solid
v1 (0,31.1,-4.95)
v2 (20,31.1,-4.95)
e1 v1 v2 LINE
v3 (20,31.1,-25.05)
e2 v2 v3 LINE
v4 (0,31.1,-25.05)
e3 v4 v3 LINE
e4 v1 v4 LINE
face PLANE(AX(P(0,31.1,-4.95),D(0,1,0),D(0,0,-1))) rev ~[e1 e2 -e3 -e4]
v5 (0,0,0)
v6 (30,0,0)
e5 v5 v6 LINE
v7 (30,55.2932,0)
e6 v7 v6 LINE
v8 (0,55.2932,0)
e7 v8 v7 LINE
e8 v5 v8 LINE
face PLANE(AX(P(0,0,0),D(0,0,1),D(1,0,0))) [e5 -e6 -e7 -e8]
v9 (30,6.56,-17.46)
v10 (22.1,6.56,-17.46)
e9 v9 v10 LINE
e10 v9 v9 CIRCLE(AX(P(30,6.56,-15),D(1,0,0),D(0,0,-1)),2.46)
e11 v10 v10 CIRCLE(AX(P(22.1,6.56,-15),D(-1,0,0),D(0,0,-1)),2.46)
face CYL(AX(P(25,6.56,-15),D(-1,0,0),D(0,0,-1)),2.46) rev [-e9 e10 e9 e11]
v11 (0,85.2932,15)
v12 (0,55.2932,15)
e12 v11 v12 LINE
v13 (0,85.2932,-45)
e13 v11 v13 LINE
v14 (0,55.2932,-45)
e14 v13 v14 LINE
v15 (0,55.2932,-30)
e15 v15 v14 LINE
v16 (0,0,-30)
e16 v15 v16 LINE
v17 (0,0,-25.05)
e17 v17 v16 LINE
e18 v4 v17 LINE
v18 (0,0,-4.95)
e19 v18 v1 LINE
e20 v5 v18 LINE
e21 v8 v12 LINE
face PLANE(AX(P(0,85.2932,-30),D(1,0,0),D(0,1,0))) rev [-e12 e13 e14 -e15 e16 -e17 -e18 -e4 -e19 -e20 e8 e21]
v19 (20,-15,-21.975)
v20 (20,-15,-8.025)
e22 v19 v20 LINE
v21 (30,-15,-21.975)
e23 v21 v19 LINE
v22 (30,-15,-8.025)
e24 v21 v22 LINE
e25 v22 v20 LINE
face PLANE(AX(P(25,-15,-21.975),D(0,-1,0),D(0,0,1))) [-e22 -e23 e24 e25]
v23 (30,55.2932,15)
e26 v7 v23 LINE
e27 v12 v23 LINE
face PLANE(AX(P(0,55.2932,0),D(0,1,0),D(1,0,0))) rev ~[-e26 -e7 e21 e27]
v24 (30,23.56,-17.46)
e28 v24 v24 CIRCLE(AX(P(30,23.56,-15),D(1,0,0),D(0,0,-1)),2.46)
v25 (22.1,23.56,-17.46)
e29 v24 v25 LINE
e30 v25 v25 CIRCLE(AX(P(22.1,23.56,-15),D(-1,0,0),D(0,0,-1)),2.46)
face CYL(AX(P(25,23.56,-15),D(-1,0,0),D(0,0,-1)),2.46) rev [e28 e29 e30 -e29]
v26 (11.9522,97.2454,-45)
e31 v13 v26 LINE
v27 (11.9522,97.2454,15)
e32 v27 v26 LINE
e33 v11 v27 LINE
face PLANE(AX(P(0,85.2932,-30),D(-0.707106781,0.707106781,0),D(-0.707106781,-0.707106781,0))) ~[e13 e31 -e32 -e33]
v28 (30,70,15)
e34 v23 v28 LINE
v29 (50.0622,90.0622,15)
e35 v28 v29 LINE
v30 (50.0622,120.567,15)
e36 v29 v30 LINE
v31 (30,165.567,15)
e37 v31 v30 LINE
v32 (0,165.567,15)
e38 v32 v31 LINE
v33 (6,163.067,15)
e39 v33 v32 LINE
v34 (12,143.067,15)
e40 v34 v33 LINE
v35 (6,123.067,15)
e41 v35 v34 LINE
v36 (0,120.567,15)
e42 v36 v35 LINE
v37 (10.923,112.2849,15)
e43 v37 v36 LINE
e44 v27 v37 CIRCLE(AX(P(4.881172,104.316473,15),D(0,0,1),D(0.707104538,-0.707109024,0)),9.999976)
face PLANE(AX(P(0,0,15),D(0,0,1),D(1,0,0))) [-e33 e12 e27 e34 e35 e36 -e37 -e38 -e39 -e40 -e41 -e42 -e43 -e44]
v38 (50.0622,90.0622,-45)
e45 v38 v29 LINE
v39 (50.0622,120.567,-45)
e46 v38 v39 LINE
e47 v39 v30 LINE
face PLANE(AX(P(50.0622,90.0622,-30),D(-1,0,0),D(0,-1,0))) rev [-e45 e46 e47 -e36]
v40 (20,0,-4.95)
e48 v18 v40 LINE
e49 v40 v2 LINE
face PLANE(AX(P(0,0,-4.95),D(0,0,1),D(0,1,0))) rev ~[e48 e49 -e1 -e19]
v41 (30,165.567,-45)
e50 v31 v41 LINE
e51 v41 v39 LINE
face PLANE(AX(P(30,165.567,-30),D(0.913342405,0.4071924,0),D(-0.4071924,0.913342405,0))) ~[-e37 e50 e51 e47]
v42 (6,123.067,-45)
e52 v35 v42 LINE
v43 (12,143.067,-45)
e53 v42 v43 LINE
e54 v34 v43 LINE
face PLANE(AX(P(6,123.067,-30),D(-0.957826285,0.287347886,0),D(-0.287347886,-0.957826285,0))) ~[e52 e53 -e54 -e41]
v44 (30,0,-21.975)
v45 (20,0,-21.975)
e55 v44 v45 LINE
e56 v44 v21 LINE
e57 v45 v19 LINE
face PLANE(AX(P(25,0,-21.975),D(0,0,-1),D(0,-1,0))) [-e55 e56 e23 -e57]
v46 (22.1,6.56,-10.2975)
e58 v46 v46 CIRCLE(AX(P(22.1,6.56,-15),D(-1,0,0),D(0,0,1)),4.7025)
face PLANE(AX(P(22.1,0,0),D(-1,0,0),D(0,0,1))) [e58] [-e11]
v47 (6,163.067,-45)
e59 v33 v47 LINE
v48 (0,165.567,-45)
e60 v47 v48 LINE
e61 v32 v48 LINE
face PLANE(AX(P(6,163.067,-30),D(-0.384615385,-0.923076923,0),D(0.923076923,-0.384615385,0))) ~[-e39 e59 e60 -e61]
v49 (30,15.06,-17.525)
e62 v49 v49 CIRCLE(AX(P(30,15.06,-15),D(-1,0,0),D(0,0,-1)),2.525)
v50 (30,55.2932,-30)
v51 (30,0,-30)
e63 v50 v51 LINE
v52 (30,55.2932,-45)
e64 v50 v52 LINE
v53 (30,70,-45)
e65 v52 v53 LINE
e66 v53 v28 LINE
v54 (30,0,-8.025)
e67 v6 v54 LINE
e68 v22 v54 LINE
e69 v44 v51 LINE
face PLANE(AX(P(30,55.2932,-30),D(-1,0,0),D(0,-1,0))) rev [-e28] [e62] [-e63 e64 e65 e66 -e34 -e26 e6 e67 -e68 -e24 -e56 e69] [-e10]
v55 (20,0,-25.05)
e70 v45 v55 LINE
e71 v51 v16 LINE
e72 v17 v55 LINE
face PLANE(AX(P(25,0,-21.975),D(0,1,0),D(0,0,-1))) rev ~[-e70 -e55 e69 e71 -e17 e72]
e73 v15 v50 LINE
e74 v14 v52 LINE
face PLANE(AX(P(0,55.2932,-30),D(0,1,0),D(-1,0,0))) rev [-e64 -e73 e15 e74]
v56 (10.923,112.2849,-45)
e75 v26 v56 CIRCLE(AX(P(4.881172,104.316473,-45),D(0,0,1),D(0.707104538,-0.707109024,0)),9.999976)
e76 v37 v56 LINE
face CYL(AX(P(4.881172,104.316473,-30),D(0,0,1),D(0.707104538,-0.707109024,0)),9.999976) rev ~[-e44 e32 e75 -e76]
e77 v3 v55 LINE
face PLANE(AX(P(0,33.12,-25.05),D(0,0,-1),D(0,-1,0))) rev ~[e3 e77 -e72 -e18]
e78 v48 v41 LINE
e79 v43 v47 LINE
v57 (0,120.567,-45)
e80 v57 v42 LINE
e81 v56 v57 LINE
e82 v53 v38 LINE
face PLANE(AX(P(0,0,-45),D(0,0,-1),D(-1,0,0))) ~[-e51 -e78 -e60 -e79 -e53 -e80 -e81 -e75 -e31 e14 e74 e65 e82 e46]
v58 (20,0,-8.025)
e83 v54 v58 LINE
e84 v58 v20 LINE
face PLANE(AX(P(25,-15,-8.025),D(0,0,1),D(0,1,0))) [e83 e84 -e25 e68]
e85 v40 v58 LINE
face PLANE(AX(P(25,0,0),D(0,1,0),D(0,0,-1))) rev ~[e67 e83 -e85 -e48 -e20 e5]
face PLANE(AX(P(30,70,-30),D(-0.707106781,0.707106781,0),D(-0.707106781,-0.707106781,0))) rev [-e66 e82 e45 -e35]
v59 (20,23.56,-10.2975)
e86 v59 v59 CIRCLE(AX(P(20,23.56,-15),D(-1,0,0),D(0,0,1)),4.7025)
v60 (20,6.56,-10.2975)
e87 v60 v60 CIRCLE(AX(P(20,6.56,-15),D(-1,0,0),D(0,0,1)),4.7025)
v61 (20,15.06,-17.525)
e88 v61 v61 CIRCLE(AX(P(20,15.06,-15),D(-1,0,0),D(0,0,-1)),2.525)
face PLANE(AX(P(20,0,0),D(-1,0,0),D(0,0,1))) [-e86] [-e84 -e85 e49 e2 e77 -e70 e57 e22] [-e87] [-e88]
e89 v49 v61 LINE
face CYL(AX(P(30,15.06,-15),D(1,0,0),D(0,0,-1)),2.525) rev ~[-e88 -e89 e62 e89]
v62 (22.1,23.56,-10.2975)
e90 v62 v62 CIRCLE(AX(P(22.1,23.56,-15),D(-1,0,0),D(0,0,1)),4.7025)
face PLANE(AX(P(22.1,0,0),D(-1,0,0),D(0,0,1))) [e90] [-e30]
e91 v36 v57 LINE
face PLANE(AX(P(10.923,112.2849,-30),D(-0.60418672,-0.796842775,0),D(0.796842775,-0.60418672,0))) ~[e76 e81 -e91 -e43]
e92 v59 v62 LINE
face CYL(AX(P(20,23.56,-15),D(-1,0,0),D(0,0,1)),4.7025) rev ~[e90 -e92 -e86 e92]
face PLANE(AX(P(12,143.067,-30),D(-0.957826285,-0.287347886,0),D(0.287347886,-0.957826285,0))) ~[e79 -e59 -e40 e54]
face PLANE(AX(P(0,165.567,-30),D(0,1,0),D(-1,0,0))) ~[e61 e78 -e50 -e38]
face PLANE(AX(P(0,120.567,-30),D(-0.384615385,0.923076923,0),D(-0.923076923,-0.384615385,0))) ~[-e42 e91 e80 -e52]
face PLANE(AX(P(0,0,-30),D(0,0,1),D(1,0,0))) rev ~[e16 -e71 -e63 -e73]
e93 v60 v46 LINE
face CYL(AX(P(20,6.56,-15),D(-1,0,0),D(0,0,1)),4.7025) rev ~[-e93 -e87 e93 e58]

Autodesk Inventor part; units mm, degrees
ref_plane "YZ Plane" through (0, 0, 0) normal (1, 0, 0) x (0, 1, 0)
ref_plane "XZ Plane" through (0, 0, 0) normal (0, 1, 0) x (-1, 0, 0)
sketch "Sketch1" plane through (0, 0, 0) normal (0, 0, 1) x (1, 0, 0)
  line L0 (0, 0) -> (25, 0)
  line L1 (25, 0) -> (25, 40)
  line L2 (25, 40) -> (0, 40)
  line L3 (0, 40) -> (0, 0)
  dimension "d1" = 25
  dimension "d2" = 40
  dimension "d3" = 25
extrude "Extrusion1" add sketch "Sketch1" against normal blind 30
sketch "Sketch2" plane through (25, 0, 0) normal (1, 0, 0) x (0, 0, -1)
  line L0 (0, 0) -> (30, 0) projected
  circle A0 centre (15, 6.56) radius 2.46
extrude "Extrusion2" cut sketch "Sketch2" against normal blind 30
sketch "Sketch3" plane through (0, 0, 0) normal (-1, 0, 0) x (0, 0, 1)
  line L0 (0, 0) -> (-30, 0) projected
  line L1 (-25.05, 0) -> (-4.95, 0)
  line L2 (-4.95, 0) -> (-4.95, 33.12)
  line L3 (-4.95, 33.12) -> (-25.05, 33.12)
  line L4 (-25.05, 33.12) -> (-25.05, 0)
  dimension "d11" = 20.1
extrude "Extrusion3" cut sketch "Sketch3" against normal blind 20
sketch "Sketch4" plane through (0, 0, 0) normal (0, -1, 0) x (1, 0, 0)
  line L0 (20, -4.95) -> (20, -25.05) projected
  line L1 (20, -15) -> (25, -15)
  line L2 (25, 0) -> (25, -30) projected
  line L3 (20, -8.025) -> (25, -8.025)
  line L4 (25, -8.025) -> (25, -21.975)
  line L5 (25, -21.975) -> (20, -21.975)
  line L6 (20, -21.975) -> (20, -8.025)
  line L7 (20, -8.025) -> (25, -21.975) construction
  line L8 (25, -8.025) -> (20, -21.975) construction
  line L9 (25, -12.54) -> (25, -17.46) projected
  point P0 (0, 0)
  point P1 (22.5, -15)
  dimension "d14" = 13.95
extrude "Extrusion4" add sketch "Sketch4" along normal blind 15
sketch "Sketch5" plane through (20, 0, 0) normal (-1, 0, 0) x (0, 0, 1)
  circle A0 centre (-15, 6.56) radius 2.46 projected
  circle A1 centre (-15, 6.56) radius 4.7025
  circle A2 centre (-15, 6.56) radius 2.46 projected
  circle A3 centre (-15, 6.56) radius 2.46
  point P0 (0, 0)
  dimension "d17" = 9.405
extrude "Extrusion5" cut sketch "Sketch5" against normal blind 2.1
sketch "Sketch6" plane through (25, 0, 0) normal (1, 0, 0) x (0, 0, -1)
  circle A0 centre (15, 6.56) radius 4.7025 projected
  line L0 (15, 6.56) -> (15, 23.56)
  circle A1 centre (15, 23.56) radius 2.46
  point P0 (0, 0)
  dimension "d20" = 17
  dimension "d21" = 4.92
extrude "Extrusion6" cut sketch "Sketch6" against normal blind 10 contours A1
sketch "Sketch7" plane through (20, 0, 0) normal (-1, 0, 0) x (0, 0, 1)
  circle A0 centre (-15, 23.56) radius 2.46 projected
  circle A1 centre (-15, 23.56) radius 4.7025
  point P0 (0, 0)
  dimension "d24" = 9.405
extrude "Extrusion7" cut sketch "Sketch7" against normal blind 2.1
sketch "Sketch9" plane through (25, 0, 0) normal (1, 0, 0) x (0, 0, -1)
  circle A0 centre (15, 6.56) radius 2.46 projected
  circle A1 centre (15, 6.56) radius 2.46
  circle A2 centre (15, 23.56) radius 2.46 projected
  circle A3 centre (15, 23.56) radius 2.46
  line L0 (30, 40) -> (30, 0) projected
  line L1 (30, 0) -> (30, 40)
  line L2 (30, 40) -> (0, 40)
  line L3 (0, 40) -> (0, 0)
  line L4 (0, 0) -> (8.025, 0) projected
  line L5 (21.975, 0) -> (21.975, -15)
  line L6 (21.975, -15) -> (8.025, -15)
  line L7 (8.025, -15) -> (8.025, 0)
  line L8 (0, 0) -> (8.025, 0)
  line L9 (21.975, 0) -> (30, 0)
extrude "Extrusion8" add sketch "Sketch9" along normal blind 5
sketch "Sketch10" plane through (0, 40, 0) normal (0, 1, 0) x (1, 0, 0)
  line L0 (0, 30) -> (30, 30) projected
  line L1 (30, 0) -> (0, 0) projected
  line L2 (0, 30) -> (30, 30)
  line L3 (30, 30) -> (30, 0)
  line L4 (30, 0) -> (0, 0)
  line L5 (0, 0) -> (0, 30)
extrude "Extrusion9" add sketch "Sketch10" along normal blind 30
sketch "Sketch12" plane through (30, 0, 0) normal (1, 0, 0) x (0, 0, -1)
  circle A0 centre (15, 6.56) radius 2.46 projected
  line L0 (15, 6.56) -> (15, 15.06)
  circle A1 centre (15, 15.06) radius 2.525
  point P0 (0, 0)
  dimension "d31" = 8.5
  dimension "d33" = 5.05
extrude "Extrusion10" cut sketch "Sketch12" against normal blind 30 contours A1
sketch "Sketch15" plane through (0, 0, -25.05) normal (-1, 0, 0) x (0, 0, 1)
  line L0 (0, 33.12) -> (20.1, 33.12) projected
  line L1 (20.1, 33.12) -> (20.1, 0) projected
  line L2 (0, 33.12) -> (20.1, 33.12)
  line L3 (20.1, 33.12) -> (20.1, 31.1)
  line L4 (20.1, 31.1) -> (0, 31.1)
  line L5 (0, 31.1) -> (0, 33.12)
  point P0 (25.05, 0)
  dimension "d57" = 2.02
extrude "Extrusion13" add sketch "Sketch15" against normal blind 20
sketch "Sketch17" plane through (0, 0, 0) normal (0, 0, 1) x (1, 0, 0)
  line L0 (0, 70) -> (30, 70) projected
  line L1 (30, 70) -> (50.0622, 90.0622)
  line L2 (30, 70) -> (80, 70) construction
  line L3 (11.9522, 97.2454) -> (0, 85.2932)
  line L4 (0, 70) -> (0, 85.2932)
  line L5 (0, 70) -> (0, 0) projected
  line L6 (0, 70) -> (30, 70)
  line L7 (10.923, 112.2849) -> (0, 120.567)
  line L8 (50.0622, 105.3553) -> (50.0622, 120.567)
  line L9 (50.0622, 105.3553) -> (50.0622, 90.0622)
  arc A0 (11.9522, 97.2454) -> (10.923, 112.2849) centre (4.8811, 104.3165) ccw
  line L10 (0, 165.567) -> (30, 165.567)
  line L11 (30, 165.567) -> (50.0622, 120.567)
  line L12 (6, 163.067) -> (0, 165.567)
  line L13 (6, 123.067) -> (0, 120.567)
  line L14 (6, 123.067) -> (12, 143.067)
  line L15 (12, 143.067) -> (6, 163.067)
  dimension "d61" = 45
  dimension "d62" = 32.0271
  dimension "d72" = 10
extrude "Extrusion14" add sketch "Sketch17" against normal blind 30
sketch "Sketch24" plane through (0, 0, 0) normal (0, 0, 1) x (1, 0, 0)
  line L0 (30, 70) -> (50.0622, 90.0622) projected
  line L1 (30, 70) -> (50.0622, 90.0622)
  line L2 (50.0622, 90.0622) -> (50.0622, 120.567) projected
  line L3 (50.0622, 90.0622) -> (50.0622, 120.567)
  line L4 (30, 165.567) -> (50.0622, 120.567) projected
  line L5 (50.0622, 120.567) -> (30, 165.567)
  line L6 (0, 165.567) -> (30, 165.567) projected
  line L7 (30, 165.567) -> (0, 165.567)
  line L8 (6, 163.067) -> (0, 165.567) projected
  line L9 (0, 165.567) -> (6, 163.067)
  line L10 (12, 143.067) -> (6, 163.067) projected
  line L11 (6, 163.067) -> (12, 143.067)
  line L12 (6, 123.067) -> (12, 143.067) projected
  line L13 (12, 143.067) -> (6, 123.067)
  line L14 (0, 120.567) -> (6, 123.067) projected
  line L15 (6, 123.067) -> (0, 120.567)
  line L16 (10.923, 112.2849) -> (0, 120.567) projected
  line L17 (0, 120.567) -> (10.923, 112.2849)
  line L18 (0, 85.2932) -> (11.9522, 97.2454) projected
  line L19 (11.9522, 97.2454) -> (0, 85.2932)
  line L20 (0, 85.2932) -> (0, 55.2932)
  line L21 (0, 0) -> (0, 85.2932) projected
  line L22 (0, 55.2932) -> (30, 55.2932)
  line L23 (30, 0) -> (30, 70) projected
  line L24 (30, 55.2932) -> (30, 70)
  arc A0 (11.9522, 97.2454) -> (10.923, 112.2849) centre (4.8811, 104.3165) ccw projected
  arc A1 (11.9522, 97.2454) -> (10.923, 112.2849) centre (4.8811, 104.3165) ccw
  dimension "d102" = 30
extrude "Extrusion15" add sketch "Sketch24" along normal blind 15
ref_plane "Work Plane1" through (0, 0, -15) normal (0, 0, 1) x (1, 0, 0)
mirror "Mirror1" about plane through (0, 0, -15) normal (0, 0, 1) of "Extrusion15"
properties part number "rec_c_40mm_x_60mm"
